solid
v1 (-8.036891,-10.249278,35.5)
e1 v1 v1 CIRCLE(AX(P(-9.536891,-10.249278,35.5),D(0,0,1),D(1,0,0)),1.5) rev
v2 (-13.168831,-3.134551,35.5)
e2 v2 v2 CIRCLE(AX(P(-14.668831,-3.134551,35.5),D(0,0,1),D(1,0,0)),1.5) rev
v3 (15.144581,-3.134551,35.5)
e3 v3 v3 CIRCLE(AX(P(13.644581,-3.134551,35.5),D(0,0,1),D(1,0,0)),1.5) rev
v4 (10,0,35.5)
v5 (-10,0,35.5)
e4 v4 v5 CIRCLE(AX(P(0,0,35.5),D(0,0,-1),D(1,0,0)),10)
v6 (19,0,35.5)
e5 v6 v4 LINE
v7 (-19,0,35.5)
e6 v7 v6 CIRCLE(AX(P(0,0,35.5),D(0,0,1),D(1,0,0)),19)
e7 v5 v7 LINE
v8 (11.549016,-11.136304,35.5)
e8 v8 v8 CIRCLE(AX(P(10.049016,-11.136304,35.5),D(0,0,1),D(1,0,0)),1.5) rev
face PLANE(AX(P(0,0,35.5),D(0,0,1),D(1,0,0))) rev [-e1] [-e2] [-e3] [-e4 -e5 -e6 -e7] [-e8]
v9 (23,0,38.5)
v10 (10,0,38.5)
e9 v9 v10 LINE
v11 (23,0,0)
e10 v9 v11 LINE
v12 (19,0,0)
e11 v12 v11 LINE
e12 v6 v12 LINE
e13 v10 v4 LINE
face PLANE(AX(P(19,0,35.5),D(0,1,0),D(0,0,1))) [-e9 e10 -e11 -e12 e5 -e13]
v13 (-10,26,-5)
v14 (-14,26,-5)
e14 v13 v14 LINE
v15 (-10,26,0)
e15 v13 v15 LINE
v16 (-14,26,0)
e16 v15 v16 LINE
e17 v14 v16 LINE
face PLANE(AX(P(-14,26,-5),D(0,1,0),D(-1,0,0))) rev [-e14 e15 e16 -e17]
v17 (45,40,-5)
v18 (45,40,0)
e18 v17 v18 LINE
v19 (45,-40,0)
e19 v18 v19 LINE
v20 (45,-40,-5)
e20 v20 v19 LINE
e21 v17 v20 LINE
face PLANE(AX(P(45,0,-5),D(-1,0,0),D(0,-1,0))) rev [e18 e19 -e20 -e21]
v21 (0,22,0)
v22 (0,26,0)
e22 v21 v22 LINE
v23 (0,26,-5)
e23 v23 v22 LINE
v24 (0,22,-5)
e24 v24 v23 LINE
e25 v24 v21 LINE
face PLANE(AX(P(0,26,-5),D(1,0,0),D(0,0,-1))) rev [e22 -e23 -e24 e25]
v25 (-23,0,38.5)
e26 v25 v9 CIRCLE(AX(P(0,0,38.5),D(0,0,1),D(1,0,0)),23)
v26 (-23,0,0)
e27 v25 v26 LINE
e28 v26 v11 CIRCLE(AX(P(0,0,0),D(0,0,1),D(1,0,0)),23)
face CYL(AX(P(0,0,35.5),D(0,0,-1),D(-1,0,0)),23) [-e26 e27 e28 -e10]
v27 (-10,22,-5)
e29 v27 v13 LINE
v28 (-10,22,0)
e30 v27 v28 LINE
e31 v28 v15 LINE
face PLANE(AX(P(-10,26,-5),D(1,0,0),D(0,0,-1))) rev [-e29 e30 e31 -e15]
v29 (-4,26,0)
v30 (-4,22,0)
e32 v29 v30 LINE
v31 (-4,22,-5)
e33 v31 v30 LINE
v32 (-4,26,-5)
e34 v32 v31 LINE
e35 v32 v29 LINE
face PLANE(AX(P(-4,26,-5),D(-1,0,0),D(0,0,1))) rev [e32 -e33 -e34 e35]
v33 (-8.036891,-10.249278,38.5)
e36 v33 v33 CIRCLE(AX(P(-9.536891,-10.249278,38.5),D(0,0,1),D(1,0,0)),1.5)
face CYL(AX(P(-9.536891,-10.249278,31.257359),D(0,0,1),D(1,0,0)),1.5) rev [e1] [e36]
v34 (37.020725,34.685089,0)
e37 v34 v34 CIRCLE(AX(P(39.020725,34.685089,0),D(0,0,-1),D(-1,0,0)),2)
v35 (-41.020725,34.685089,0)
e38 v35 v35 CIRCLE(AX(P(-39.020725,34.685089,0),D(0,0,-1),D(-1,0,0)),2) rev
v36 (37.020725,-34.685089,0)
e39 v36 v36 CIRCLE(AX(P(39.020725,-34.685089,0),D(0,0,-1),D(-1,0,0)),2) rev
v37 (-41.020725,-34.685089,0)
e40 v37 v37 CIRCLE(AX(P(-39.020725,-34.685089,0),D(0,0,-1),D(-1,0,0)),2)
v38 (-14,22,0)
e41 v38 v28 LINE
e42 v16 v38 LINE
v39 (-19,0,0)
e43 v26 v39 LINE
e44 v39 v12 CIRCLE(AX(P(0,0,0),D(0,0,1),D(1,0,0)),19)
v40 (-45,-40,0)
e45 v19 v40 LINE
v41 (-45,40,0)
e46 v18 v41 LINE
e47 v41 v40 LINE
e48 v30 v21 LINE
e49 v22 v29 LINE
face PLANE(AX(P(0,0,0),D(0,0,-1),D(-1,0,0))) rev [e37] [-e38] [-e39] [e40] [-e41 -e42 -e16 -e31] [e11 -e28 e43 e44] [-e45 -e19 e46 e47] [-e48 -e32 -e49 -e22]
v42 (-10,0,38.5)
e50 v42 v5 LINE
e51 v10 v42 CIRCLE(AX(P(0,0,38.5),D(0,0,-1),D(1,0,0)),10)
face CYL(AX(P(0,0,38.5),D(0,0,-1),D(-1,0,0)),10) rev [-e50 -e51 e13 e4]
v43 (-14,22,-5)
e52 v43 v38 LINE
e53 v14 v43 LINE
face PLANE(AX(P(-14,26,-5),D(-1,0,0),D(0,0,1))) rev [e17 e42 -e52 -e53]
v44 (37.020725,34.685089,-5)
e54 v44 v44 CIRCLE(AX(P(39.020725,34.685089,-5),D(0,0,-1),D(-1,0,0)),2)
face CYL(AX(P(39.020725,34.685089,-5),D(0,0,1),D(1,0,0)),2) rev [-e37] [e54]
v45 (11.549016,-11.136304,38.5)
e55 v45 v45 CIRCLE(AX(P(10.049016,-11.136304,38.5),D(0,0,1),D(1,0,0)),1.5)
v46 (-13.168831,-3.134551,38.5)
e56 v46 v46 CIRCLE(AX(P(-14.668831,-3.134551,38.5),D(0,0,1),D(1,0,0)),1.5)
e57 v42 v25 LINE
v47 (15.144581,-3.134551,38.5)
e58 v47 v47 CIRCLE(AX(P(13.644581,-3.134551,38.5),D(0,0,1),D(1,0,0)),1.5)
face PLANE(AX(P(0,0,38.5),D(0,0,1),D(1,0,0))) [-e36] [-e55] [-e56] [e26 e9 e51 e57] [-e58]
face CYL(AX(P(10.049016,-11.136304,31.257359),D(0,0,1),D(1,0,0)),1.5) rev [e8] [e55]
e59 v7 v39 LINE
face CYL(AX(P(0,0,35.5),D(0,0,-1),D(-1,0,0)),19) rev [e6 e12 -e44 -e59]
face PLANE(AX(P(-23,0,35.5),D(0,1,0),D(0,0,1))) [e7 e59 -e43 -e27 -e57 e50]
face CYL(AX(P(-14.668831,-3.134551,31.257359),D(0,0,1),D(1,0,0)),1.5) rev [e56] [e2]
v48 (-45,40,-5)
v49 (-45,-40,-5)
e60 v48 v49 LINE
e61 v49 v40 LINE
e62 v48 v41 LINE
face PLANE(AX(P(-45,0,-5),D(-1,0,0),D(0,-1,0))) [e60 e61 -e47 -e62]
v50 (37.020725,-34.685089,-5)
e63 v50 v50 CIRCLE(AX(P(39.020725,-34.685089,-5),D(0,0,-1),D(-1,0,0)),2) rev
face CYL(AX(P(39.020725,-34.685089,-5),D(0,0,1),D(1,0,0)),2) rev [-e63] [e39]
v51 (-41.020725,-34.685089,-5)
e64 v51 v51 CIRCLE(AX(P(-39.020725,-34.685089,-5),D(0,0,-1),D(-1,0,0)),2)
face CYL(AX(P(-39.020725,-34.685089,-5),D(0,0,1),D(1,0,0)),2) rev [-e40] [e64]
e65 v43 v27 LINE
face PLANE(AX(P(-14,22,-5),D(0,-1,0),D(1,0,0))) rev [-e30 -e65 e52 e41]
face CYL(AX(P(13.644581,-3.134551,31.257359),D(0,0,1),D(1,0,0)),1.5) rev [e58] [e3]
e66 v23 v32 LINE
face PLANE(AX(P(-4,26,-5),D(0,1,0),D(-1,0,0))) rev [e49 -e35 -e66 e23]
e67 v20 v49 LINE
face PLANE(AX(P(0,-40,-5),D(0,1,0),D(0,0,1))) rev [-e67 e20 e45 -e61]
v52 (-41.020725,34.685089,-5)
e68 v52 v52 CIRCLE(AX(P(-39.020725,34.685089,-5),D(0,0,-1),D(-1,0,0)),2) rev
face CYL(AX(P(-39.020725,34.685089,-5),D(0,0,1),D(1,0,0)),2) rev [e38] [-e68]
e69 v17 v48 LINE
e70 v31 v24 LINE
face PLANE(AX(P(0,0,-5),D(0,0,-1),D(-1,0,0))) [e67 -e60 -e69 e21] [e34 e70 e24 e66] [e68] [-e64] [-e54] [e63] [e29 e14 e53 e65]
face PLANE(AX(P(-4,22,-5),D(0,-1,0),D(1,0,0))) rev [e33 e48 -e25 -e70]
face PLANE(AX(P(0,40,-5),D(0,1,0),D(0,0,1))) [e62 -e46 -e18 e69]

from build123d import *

# Parameters (mm, degrees)
BOSS_EXTRUDE1_DEPTH = 35.5
BOSS_EXTRUDE2_START = 5
SKETCH2_W           = 90
SKETCH2_H           = 80
SKETCH2_R           = 2
BOSS_EXTRUDE2_DEPTH = 5
BOSS_EXTRUDE3_DEPTH = 3
SKETCH4_R           = 1.5
CUT_EXTRUDE1_DEPTH  = 3
SKETCH5_W           = 4
SKETCH5_H           = 4
CUT_EXTRUDE2_DEPTH  = 72.465026412


with BuildPart() as part:
    # Sketch1 → Boss-Extrude1 (new body)
    with BuildSketch(Plane.XY):
        with BuildLine():
            Line((-23, 0), (-19, 0))
            ThreePointArc((-19, 0), (0, -19), (19, 0))
            Line((19, 0), (23, 0))
            ThreePointArc((23, 0), (0, -23), (-23, 0))
        make_face()
    extrude(amount=BOSS_EXTRUDE1_DEPTH)

    # Sketch2 → Boss-Extrude2 (add)
    # profile 1 of 2: a face of its own
    with BuildSketch(Plane(origin=(0, 0, 0), x_dir=(-1, 0, 0), z_dir=(0, 0, -1)).offset(BOSS_EXTRUDE2_START)):
        Rectangle(SKETCH2_W, SKETCH2_H)
        with Locations((39.020725451, 34.685089289)):
            Circle(SKETCH2_R, mode=Mode.SUBTRACT)
        with Locations((-39.020725451, 34.685089289)):
            Circle(SKETCH2_R, mode=Mode.SUBTRACT)
        with Locations((39.020725451, -34.685089289)):
            Circle(SKETCH2_R, mode=Mode.SUBTRACT)
        with Locations((-39.020725451, -34.685089289)):
            Circle(SKETCH2_R, mode=Mode.SUBTRACT)
        with BuildLine():
            Line((23, 0), (19, 0))
            ThreePointArc((19, 0), (0, -19), (-19, 0))
            Line((-19, 0), (-23, 0))
            ThreePointArc((-23, 0), (0, -23), (23, 0))
        make_face(mode=Mode.SUBTRACT)
    # profile 2 of 2: a face of its own
    with BuildSketch(Plane(origin=(0, 0, 0), x_dir=(-1, 0, 0), z_dir=(0, 0, -1)).offset(BOSS_EXTRUDE2_START)):
        with BuildLine():
            ThreePointArc((-23, 0), (0, -23), (23, 0))
            Line((23, 0), (19, 0))
            ThreePointArc((19, 0), (0, -19), (-19, 0))
            Line((-19, 0), (-23, 0))
        make_face()
    extrude(amount=-BOSS_EXTRUDE2_DEPTH)

    # Sketch3 → Boss-Extrude3 (add)
    with BuildSketch(Plane.XY.offset(35.5)):
        with BuildLine():
            Line((-23, 0), (-10, 0))
            ThreePointArc((-10, 0), (0, -10), (10, 0))
            Line((10, 0), (23, 0))
            ThreePointArc((23, 0), (0, -23), (-23, 0))
        make_face()
    extrude(amount=BOSS_EXTRUDE3_DEPTH)

    # Sketch4 → Cut-Extrude1 (cut)
    with BuildSketch(Plane.XY.offset(38.5)):
        with Locations((-9.536891354, -10.249278184)):
            Circle(SKETCH4_R)
        with Locations((13.644580955, -3.134551093)):
            Circle(SKETCH4_R)
        with Locations((10.049016147, -11.136304346)):
            Circle(SKETCH4_R)
        with Locations((-14.668830541, -3.134551093)):
            Circle(SKETCH4_R)
    extrude(amount=-CUT_EXTRUDE1_DEPTH, mode=Mode.SUBTRACT)

    # Sketch5 → Cut-Extrude2 (cut, through all)
    with BuildSketch(Plane.XY):
        with Locations((-12, 24)):
            Rectangle(SKETCH5_W, SKETCH5_H)
        with Locations((-2, 24)):
            Rectangle(SKETCH5_W, SKETCH5_H)
    extrude(amount=-CUT_EXTRUDE2_DEPTH, mode=Mode.SUBTRACT)


solid = part.part
